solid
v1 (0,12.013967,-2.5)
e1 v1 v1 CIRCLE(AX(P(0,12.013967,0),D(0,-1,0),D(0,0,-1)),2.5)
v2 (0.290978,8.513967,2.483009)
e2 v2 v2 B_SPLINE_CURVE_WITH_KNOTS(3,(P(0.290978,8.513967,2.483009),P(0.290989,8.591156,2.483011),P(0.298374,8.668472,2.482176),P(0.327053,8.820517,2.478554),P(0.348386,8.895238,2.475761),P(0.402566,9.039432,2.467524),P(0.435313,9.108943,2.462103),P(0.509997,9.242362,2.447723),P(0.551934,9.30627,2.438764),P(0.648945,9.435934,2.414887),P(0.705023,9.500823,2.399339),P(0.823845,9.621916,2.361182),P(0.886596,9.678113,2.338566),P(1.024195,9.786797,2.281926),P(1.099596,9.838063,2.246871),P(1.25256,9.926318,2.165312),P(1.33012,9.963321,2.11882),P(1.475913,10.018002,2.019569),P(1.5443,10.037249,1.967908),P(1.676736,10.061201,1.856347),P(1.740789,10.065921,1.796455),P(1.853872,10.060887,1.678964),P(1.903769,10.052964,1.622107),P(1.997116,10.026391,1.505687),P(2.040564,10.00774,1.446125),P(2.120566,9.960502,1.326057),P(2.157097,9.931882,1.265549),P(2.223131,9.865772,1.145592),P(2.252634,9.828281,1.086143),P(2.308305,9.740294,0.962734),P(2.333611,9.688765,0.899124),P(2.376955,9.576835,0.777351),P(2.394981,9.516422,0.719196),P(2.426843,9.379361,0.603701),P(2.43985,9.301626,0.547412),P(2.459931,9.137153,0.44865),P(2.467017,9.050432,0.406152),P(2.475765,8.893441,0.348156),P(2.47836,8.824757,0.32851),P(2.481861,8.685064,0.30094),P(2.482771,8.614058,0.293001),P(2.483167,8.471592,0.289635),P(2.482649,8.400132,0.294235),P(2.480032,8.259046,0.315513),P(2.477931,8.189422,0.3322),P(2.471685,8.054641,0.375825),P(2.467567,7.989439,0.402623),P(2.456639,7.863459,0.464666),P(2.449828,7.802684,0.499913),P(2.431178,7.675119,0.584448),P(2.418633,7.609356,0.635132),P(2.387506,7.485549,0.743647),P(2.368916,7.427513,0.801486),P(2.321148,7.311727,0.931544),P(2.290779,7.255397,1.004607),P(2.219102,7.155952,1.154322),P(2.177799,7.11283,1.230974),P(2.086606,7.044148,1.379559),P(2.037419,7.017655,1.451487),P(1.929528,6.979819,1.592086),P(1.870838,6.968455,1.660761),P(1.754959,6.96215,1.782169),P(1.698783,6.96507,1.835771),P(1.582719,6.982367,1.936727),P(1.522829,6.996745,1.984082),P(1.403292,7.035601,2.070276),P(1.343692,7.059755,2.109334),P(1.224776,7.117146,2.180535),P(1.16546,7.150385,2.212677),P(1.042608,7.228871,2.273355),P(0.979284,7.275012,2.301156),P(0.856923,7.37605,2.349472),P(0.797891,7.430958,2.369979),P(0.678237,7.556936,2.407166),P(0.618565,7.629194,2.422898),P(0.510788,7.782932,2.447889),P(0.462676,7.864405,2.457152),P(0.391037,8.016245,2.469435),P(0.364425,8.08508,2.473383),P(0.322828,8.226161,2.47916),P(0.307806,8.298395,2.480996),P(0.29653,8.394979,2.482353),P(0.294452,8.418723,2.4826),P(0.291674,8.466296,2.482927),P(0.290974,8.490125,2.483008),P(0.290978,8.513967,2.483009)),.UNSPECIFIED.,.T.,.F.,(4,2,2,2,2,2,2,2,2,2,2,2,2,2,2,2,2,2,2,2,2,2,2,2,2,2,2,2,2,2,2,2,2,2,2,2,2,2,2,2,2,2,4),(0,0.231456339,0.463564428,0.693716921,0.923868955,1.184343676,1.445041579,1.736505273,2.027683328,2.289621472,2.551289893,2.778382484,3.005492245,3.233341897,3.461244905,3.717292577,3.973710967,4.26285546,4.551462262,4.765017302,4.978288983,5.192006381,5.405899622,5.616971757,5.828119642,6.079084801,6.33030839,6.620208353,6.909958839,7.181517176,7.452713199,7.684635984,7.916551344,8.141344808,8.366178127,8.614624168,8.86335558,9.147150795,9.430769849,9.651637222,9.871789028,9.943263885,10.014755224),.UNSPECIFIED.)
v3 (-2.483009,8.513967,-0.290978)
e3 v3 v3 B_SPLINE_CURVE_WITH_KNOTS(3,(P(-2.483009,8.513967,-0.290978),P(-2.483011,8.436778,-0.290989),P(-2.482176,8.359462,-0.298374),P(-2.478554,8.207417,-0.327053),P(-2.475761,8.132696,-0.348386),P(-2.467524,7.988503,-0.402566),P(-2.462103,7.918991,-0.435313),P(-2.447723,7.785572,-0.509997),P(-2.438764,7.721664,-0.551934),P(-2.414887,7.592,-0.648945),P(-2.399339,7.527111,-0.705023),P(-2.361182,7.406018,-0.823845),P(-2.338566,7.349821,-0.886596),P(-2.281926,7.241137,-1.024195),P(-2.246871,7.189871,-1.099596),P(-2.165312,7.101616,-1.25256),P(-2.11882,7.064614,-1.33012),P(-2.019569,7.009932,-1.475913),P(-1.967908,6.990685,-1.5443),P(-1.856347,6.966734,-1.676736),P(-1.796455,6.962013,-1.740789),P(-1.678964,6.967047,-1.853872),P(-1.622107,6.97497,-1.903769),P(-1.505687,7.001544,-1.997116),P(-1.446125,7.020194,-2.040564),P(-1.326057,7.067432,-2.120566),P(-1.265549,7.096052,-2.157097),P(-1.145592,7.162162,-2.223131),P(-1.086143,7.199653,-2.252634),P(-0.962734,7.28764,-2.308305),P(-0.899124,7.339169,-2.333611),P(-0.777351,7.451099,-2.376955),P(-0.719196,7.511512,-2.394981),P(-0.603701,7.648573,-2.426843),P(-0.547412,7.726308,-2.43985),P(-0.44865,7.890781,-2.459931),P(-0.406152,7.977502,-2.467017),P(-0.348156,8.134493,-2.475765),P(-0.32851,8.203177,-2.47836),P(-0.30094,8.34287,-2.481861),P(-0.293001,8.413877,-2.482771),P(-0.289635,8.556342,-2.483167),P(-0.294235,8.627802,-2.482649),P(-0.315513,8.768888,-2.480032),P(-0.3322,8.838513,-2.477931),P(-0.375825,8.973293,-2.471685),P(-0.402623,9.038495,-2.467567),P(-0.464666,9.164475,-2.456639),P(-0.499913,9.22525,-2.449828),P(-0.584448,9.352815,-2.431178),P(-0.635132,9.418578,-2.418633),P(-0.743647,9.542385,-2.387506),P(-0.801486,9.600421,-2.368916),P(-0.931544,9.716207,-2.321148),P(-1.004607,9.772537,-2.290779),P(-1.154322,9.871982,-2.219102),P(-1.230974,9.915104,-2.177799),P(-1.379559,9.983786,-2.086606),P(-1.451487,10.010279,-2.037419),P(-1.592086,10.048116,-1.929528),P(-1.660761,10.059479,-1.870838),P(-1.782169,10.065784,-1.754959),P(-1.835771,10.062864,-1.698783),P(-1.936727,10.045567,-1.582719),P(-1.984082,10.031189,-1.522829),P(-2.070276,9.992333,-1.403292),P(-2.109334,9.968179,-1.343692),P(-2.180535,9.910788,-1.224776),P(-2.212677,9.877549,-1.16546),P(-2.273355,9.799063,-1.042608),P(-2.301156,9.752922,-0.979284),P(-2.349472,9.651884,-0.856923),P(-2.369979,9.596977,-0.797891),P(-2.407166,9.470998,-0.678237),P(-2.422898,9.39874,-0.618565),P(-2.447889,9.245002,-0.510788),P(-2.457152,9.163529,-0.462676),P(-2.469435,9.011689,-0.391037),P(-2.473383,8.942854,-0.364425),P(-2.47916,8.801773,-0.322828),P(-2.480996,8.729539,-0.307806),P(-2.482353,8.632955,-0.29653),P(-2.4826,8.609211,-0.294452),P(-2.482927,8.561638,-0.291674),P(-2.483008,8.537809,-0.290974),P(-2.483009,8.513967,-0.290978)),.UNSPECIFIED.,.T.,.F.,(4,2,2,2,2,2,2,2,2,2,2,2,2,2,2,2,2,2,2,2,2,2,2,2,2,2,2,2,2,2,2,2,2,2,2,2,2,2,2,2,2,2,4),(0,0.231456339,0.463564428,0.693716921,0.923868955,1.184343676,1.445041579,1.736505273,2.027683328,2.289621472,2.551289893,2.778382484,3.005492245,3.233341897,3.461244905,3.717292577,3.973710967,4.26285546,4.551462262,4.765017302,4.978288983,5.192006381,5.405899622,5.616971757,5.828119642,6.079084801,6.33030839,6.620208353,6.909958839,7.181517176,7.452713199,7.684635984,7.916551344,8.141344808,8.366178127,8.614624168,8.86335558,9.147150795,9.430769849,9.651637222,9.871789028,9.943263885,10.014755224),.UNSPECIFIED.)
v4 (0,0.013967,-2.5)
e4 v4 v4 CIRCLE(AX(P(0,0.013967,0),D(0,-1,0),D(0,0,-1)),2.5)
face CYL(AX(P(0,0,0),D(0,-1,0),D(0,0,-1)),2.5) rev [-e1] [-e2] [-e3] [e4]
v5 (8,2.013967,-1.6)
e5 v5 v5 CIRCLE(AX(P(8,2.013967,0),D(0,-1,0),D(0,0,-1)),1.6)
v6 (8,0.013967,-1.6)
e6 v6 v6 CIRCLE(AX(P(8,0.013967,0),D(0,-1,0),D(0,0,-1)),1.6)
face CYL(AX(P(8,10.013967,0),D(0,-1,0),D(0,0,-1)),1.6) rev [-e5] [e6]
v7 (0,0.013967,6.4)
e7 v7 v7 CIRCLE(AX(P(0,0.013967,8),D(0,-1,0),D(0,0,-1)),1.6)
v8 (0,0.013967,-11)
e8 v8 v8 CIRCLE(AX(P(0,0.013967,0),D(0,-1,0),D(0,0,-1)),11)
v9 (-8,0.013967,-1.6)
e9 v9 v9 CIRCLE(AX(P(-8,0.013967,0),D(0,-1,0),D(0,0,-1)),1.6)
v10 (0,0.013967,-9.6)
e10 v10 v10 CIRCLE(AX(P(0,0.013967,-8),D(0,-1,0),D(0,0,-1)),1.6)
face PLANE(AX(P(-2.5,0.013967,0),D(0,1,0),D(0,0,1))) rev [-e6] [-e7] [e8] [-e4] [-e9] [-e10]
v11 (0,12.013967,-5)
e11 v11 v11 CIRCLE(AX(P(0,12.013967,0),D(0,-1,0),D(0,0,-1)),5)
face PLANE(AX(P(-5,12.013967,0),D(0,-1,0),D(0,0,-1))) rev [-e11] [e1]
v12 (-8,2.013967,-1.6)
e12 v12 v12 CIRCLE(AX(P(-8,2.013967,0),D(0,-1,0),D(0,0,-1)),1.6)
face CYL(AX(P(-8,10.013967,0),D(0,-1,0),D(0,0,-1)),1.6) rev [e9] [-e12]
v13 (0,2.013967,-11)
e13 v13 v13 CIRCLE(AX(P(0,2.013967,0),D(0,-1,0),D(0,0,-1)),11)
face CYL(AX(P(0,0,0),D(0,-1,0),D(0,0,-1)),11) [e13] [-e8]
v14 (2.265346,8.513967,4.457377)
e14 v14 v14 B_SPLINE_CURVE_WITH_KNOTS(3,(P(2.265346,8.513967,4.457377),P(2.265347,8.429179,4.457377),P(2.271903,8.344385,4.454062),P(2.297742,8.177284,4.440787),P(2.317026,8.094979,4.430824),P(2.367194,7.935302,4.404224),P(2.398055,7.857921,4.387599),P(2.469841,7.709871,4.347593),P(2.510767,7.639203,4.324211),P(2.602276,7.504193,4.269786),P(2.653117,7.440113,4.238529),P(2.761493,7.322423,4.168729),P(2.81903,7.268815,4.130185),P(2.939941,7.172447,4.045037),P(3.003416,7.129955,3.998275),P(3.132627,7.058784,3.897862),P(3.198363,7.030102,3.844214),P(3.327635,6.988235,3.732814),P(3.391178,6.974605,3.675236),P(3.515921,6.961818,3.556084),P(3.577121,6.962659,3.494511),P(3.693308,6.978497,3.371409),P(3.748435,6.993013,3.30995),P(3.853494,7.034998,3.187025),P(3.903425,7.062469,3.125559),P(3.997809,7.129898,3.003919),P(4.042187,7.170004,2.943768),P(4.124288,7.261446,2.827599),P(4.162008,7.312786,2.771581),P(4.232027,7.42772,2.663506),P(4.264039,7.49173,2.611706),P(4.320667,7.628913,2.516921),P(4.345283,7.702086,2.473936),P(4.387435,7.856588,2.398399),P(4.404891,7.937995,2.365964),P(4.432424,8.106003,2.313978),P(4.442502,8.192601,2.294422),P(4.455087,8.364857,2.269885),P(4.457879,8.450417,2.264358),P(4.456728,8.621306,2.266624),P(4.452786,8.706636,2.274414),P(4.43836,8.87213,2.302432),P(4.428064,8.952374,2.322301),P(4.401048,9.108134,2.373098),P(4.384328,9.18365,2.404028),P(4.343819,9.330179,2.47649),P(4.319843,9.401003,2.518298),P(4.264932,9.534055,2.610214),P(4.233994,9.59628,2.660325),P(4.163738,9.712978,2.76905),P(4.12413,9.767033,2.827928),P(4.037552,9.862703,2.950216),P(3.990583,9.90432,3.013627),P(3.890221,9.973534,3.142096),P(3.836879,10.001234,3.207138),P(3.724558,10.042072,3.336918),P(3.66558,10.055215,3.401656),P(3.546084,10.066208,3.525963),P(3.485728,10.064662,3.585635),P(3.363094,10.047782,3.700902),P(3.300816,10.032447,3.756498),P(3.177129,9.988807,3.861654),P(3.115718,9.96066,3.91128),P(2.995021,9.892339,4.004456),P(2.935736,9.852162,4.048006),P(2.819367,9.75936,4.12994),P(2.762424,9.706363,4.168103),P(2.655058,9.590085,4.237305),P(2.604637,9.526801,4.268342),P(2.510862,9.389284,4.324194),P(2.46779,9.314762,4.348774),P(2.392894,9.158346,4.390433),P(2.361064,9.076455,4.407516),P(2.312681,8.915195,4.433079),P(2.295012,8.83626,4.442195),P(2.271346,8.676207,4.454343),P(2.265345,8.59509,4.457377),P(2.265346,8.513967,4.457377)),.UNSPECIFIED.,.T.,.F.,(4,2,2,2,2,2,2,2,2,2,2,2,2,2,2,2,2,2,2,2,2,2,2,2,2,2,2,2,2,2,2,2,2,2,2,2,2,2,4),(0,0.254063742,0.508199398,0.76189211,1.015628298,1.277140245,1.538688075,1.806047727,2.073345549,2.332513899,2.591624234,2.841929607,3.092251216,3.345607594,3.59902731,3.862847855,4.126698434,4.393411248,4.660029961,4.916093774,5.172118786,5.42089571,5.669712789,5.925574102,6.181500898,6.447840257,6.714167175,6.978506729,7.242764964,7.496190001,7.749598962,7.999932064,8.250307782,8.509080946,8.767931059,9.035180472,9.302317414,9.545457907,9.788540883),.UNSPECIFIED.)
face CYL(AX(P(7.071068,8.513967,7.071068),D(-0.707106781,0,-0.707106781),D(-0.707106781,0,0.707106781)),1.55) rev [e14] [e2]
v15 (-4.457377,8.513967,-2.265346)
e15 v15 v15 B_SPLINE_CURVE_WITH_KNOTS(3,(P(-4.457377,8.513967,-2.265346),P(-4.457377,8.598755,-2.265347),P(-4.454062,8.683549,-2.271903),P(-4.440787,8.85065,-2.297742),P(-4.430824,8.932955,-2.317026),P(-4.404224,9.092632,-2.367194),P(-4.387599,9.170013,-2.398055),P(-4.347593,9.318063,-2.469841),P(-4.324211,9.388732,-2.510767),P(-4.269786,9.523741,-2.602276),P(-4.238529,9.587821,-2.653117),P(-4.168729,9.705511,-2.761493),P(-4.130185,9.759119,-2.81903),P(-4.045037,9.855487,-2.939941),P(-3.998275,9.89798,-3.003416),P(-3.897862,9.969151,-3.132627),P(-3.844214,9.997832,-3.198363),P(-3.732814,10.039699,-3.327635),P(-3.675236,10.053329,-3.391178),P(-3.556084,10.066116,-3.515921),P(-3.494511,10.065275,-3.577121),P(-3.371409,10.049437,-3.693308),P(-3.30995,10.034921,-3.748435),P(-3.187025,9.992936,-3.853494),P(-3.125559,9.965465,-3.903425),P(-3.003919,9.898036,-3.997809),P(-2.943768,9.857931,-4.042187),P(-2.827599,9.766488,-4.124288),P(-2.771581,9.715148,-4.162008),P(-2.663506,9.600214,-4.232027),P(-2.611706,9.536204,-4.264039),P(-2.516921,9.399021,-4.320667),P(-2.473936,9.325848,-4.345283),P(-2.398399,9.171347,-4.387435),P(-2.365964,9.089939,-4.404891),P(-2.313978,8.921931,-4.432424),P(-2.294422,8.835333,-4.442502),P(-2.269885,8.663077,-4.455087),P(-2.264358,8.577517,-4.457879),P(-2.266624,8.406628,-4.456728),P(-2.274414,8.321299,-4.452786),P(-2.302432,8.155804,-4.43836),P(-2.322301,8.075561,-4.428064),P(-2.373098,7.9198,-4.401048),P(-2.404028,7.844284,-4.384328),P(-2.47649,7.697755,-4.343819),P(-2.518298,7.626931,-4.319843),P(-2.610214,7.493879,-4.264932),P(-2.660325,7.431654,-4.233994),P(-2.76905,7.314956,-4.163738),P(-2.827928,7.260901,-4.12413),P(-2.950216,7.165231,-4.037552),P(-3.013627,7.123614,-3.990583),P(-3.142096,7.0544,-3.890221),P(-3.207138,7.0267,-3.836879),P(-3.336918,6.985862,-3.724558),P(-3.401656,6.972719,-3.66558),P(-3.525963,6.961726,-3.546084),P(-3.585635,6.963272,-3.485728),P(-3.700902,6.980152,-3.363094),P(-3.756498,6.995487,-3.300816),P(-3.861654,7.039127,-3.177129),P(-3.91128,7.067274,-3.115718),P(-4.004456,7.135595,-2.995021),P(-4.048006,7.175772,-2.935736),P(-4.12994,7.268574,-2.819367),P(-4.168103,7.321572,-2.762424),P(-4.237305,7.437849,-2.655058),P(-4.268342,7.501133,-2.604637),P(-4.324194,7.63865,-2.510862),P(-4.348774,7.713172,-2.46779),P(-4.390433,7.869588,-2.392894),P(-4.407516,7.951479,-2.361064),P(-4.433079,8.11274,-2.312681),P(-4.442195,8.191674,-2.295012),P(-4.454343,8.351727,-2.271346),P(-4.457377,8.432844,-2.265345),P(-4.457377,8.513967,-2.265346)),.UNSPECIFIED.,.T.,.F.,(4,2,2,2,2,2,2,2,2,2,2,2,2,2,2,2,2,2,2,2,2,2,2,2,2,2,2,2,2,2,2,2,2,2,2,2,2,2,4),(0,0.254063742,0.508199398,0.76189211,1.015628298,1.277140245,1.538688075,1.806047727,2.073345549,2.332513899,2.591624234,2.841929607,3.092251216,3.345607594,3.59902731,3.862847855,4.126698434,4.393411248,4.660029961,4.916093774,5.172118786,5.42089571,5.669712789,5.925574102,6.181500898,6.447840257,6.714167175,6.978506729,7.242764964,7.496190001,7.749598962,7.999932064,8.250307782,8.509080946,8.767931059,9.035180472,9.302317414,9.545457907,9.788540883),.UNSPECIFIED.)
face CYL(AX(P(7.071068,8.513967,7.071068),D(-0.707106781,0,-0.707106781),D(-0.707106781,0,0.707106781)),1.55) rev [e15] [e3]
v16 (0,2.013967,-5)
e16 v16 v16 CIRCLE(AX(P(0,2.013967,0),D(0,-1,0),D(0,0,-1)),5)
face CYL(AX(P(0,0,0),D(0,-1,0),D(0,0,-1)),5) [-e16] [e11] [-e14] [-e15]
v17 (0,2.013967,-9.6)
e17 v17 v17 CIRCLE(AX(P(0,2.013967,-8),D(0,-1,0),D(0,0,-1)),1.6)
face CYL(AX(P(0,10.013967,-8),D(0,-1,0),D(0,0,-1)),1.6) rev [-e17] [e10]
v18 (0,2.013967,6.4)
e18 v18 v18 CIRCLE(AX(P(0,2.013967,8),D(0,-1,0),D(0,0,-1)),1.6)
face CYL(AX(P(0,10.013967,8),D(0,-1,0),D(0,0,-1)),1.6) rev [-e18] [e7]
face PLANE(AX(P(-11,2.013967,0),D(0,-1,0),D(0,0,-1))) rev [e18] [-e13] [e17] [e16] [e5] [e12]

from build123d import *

# Parameters (mm, degrees)
SKETCH_2_R               = 1.6
CUT_EXTRUDE_1_DEPTH      = 10
CUT_EXTRUDE_2_DEPTH      = 10
CUT_EXTRUDE_2_DEPTH_BACK = 10
SKETCH_3_R               = 1.55


with BuildPart() as part:
    # 草图1 → 旋转1 (revolve)
    with BuildSketch(Plane.XY):
        Polygon((-2.5, 0.013967073), (-11, 0.013967073), (-11, 2.013967073), (-5, 2.013967073), (-5, 12.013967073), (-2.5, 12.013967073), align=None)
    revolve(axis=Axis((0, 0, 0), (0, 1, 0)))

    # 草图2 → 切除-拉伸1 (cut)
    with BuildSketch(Plane.XZ.offset(-0.013967073)):
        with Locations((-8, 0)):
            Circle(SKETCH_2_R)
        with Locations((0, 8)):
            Circle(SKETCH_2_R)
        with Locations((8, 0)):
            Circle(SKETCH_2_R)
        with Locations((0, -8)):
            Circle(SKETCH_2_R)
    extrude(amount=-CUT_EXTRUDE_1_DEPTH, mode=Mode.SUBTRACT)

    # 草图3 → 切除-拉伸2 (cut, two sides: drawn at the far end of the back side and taken through both)
    with BuildSketch(Plane(origin=(0, 0, 0), x_dir=(0, -1, 0), z_dir=(0.7071067811865464, 0, 0.7071067811865488)).offset(-CUT_EXTRUDE_2_DEPTH_BACK)):
        with Locations((-8.513967073, 0)):
            Circle(SKETCH_3_R)
    extrude(amount=CUT_EXTRUDE_2_DEPTH + CUT_EXTRUDE_2_DEPTH_BACK, mode=Mode.SUBTRACT)


solid = part.part
